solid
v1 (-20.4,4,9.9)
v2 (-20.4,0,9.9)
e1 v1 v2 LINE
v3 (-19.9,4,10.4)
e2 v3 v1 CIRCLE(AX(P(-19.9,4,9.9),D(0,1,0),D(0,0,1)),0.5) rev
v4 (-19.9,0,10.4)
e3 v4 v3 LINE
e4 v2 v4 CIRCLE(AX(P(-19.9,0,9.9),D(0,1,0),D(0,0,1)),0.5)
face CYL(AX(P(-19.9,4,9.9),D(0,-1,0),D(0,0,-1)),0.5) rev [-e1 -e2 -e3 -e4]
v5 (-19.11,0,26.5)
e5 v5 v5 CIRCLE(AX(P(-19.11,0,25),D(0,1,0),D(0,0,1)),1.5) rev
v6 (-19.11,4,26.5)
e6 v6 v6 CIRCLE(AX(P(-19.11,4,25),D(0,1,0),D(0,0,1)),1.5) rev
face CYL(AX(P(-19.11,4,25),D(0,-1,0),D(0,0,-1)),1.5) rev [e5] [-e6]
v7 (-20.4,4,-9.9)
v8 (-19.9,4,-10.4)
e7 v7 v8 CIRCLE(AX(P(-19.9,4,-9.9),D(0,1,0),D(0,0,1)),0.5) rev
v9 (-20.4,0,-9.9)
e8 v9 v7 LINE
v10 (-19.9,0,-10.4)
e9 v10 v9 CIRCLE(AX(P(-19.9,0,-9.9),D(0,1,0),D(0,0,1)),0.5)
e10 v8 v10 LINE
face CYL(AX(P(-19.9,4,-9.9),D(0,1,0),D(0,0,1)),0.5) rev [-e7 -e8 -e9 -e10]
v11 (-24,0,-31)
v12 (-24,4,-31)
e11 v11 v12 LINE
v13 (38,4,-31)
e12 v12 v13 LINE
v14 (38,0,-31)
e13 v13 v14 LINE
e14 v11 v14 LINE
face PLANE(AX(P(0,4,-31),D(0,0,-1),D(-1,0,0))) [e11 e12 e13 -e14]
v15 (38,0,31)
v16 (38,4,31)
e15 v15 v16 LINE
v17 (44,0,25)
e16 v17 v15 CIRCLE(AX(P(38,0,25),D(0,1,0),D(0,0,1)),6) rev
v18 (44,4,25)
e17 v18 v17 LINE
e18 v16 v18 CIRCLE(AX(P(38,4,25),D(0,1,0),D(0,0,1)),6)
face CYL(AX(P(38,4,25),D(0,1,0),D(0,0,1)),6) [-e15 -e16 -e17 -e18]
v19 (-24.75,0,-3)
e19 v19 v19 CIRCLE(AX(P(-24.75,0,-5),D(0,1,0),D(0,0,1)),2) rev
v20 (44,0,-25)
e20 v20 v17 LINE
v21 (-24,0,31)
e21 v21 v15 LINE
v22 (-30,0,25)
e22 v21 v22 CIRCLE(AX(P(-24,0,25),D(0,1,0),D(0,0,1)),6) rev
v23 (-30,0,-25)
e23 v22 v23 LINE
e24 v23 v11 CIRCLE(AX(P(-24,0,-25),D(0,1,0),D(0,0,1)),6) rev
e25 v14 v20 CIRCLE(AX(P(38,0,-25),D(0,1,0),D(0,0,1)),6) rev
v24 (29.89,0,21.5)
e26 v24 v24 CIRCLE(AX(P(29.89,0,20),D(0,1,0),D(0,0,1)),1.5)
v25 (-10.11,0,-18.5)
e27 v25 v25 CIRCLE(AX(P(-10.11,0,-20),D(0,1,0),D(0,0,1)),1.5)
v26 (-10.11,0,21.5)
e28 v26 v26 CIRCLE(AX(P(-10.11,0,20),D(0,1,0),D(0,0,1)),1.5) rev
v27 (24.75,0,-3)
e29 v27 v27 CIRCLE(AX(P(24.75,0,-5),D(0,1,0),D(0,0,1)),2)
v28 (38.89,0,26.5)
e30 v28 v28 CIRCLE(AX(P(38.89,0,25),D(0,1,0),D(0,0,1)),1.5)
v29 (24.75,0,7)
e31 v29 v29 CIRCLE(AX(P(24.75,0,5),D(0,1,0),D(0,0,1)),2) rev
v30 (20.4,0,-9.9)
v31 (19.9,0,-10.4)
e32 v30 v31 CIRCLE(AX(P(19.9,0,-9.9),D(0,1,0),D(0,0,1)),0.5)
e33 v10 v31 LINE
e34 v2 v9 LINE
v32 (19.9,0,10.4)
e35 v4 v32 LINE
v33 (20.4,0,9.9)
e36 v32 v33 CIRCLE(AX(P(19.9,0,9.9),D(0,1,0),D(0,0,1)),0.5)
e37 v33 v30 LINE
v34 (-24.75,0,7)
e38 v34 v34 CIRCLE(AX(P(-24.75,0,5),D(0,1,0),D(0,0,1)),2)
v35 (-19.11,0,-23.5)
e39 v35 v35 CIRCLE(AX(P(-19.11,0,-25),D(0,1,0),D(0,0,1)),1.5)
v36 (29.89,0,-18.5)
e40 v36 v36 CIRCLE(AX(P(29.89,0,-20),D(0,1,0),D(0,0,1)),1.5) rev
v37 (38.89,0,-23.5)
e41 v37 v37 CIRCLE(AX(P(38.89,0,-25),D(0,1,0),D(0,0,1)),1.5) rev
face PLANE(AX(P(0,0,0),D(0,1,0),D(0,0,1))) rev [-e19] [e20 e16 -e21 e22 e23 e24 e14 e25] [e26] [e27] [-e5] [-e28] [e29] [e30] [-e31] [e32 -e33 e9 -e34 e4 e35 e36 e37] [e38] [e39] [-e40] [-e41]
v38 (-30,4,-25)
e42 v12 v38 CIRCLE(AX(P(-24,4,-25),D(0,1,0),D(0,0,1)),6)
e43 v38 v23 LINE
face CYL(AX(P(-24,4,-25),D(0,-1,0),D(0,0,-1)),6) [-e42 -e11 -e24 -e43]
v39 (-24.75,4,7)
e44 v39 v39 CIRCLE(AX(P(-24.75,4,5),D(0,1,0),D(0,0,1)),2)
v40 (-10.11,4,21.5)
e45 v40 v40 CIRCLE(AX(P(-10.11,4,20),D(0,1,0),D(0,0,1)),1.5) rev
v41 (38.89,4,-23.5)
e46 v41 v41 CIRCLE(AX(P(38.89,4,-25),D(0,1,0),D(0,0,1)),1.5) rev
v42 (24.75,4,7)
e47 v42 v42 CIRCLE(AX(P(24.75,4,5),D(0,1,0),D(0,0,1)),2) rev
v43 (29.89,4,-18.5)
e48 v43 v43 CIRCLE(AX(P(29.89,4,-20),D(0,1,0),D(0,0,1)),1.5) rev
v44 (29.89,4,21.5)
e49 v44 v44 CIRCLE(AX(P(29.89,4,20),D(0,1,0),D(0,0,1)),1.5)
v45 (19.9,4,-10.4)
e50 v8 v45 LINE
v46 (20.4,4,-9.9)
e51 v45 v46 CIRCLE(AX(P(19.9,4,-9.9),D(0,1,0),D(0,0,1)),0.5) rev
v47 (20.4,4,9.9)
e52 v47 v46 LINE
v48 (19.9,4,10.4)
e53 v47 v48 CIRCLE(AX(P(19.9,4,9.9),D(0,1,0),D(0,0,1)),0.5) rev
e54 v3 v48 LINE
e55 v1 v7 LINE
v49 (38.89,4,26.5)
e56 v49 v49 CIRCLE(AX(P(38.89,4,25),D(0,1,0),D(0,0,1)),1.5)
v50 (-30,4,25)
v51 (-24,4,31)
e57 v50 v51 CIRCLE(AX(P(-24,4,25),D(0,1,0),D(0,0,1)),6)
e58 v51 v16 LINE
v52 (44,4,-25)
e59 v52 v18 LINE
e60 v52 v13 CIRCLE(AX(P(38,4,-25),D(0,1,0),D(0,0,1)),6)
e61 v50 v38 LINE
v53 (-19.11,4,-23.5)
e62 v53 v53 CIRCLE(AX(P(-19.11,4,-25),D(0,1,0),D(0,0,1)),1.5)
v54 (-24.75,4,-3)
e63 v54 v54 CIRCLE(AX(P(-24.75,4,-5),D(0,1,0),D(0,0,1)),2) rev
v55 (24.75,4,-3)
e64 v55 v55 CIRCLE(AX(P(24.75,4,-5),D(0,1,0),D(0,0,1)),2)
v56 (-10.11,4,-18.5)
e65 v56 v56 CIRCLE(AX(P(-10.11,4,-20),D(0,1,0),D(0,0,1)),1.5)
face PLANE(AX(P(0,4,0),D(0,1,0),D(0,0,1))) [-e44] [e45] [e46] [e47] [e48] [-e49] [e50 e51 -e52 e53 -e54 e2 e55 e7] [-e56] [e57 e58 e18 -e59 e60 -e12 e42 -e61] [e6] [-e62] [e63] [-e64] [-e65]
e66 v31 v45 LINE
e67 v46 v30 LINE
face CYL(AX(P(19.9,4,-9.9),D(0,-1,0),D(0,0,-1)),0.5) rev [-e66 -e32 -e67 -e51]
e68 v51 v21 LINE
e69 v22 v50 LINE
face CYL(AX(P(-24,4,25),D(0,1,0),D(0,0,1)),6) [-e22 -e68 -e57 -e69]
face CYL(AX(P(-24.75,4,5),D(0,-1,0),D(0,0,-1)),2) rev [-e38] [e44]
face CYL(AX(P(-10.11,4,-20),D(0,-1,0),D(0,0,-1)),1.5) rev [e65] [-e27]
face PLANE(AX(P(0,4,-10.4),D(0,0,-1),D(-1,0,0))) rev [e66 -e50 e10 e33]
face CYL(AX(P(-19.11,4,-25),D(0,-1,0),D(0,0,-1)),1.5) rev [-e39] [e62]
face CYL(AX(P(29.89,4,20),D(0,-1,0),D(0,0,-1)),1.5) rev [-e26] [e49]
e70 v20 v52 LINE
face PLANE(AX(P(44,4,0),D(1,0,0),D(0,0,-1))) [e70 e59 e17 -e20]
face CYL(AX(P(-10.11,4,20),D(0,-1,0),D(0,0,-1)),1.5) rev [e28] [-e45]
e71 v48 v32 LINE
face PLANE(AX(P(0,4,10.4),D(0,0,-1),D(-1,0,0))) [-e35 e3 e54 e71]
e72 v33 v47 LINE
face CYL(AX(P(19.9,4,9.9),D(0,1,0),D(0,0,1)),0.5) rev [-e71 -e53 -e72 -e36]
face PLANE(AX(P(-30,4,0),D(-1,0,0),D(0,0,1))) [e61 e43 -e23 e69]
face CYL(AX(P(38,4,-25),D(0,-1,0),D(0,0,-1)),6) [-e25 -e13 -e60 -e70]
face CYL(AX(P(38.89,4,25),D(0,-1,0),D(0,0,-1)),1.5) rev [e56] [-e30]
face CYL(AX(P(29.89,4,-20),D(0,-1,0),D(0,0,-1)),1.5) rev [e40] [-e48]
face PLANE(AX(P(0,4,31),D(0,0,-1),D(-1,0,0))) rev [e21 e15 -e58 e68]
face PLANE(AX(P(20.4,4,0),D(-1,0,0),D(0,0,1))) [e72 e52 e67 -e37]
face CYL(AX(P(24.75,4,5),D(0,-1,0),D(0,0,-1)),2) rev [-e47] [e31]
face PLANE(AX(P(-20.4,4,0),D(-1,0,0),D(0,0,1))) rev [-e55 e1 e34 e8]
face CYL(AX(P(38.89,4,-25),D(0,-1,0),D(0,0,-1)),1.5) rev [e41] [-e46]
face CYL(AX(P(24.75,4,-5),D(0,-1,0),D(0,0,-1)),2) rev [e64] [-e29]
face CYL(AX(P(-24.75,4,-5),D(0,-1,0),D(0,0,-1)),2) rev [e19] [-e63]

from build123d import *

# Parameters (mm, degrees)
SKETCH_1_W      = 74
SKETCH_1_H      = 62
SKETCH_1_R      = 1.5
SKETCH_1_R_2    = 2
SKETCH_1_W_2    = 40.8
SKETCH_1_H_2    = 20.8
EXTRUDE_1_DEPTH = 4
FILLET_1_R      = 0.5
FILLET_2_R      = 6


with BuildPart() as part:
    # 草图1 → 凸台-拉伸1 (new body)
    with BuildSketch(Plane(origin=(0, 0, 0), x_dir=(1, 0, 0), z_dir=(0, 1, 0))):
        with Locations((7, 0)):
            Rectangle(SKETCH_1_W, SKETCH_1_H)
        with Locations(Location((29.89, 20, 0), (0, 0, 270))):
            Circle(SKETCH_1_R, mode=Mode.SUBTRACT)
        with Locations(Location((29.89, -20, 0), (0, 0, 270))):
            Circle(SKETCH_1_R, mode=Mode.SUBTRACT)
        with Locations(Location((-19.11, -25, 0), (0, 0, 270))):
            Circle(SKETCH_1_R, mode=Mode.SUBTRACT)
        with Locations(Location((-10.11, -20, 0), (0, 0, 270))):
            Circle(SKETCH_1_R, mode=Mode.SUBTRACT)
        with Locations(Location((-24.75, -5, 0), (0, 0, 270))):
            Circle(SKETCH_1_R_2, mode=Mode.SUBTRACT)
        with Locations(Location((24.75, -5, 0), (0, 0, 270))):
            Circle(SKETCH_1_R_2, mode=Mode.SUBTRACT)
        with Locations(Location((-24.75, 5, 0), (0, 0, 270))):
            Circle(SKETCH_1_R_2, mode=Mode.SUBTRACT)
        Rectangle(SKETCH_1_W_2, SKETCH_1_H_2, mode=Mode.SUBTRACT)
        with Locations(Location((-19.11, 25, 0), (0, 0, 270))):
            Circle(SKETCH_1_R, mode=Mode.SUBTRACT)
        with Locations(Location((-10.11, 20, 0), (0, 0, 270))):
            Circle(SKETCH_1_R, mode=Mode.SUBTRACT)
        with Locations(Location((24.75, 5, 0), (0, 0, 270))):
            Circle(SKETCH_1_R_2, mode=Mode.SUBTRACT)
        with Locations(Location((38.89, -25, 0), (0, 0, 270))):
            Circle(SKETCH_1_R, mode=Mode.SUBTRACT)
        with Locations(Location((38.89, 25, 0), (0, 0, 270))):
            Circle(SKETCH_1_R, mode=Mode.SUBTRACT)
    extrude(amount=EXTRUDE_1_DEPTH)

    # 圆角1
    fillet_1_edges = [part.edges().sort_by_distance(p)[0] for p in [
        (20.4, 2, -10.4),
        (-20.4, 2, -10.4),
        (-20.4, 2, 10.4),
        (20.4, 2, 10.4),
    ]]
    fillet(fillet_1_edges, radius=FILLET_1_R)

    # 圆角2
    fillet_2_edges = [part.edges().sort_by_distance(p)[0] for p in [
        (44, 2, 31),
        (-30, 2, 31),
        (-30, 2, -31),
        (44, 2, -31),
    ]]
    fillet(fillet_2_edges, radius=FILLET_2_R)


solid = part.part
